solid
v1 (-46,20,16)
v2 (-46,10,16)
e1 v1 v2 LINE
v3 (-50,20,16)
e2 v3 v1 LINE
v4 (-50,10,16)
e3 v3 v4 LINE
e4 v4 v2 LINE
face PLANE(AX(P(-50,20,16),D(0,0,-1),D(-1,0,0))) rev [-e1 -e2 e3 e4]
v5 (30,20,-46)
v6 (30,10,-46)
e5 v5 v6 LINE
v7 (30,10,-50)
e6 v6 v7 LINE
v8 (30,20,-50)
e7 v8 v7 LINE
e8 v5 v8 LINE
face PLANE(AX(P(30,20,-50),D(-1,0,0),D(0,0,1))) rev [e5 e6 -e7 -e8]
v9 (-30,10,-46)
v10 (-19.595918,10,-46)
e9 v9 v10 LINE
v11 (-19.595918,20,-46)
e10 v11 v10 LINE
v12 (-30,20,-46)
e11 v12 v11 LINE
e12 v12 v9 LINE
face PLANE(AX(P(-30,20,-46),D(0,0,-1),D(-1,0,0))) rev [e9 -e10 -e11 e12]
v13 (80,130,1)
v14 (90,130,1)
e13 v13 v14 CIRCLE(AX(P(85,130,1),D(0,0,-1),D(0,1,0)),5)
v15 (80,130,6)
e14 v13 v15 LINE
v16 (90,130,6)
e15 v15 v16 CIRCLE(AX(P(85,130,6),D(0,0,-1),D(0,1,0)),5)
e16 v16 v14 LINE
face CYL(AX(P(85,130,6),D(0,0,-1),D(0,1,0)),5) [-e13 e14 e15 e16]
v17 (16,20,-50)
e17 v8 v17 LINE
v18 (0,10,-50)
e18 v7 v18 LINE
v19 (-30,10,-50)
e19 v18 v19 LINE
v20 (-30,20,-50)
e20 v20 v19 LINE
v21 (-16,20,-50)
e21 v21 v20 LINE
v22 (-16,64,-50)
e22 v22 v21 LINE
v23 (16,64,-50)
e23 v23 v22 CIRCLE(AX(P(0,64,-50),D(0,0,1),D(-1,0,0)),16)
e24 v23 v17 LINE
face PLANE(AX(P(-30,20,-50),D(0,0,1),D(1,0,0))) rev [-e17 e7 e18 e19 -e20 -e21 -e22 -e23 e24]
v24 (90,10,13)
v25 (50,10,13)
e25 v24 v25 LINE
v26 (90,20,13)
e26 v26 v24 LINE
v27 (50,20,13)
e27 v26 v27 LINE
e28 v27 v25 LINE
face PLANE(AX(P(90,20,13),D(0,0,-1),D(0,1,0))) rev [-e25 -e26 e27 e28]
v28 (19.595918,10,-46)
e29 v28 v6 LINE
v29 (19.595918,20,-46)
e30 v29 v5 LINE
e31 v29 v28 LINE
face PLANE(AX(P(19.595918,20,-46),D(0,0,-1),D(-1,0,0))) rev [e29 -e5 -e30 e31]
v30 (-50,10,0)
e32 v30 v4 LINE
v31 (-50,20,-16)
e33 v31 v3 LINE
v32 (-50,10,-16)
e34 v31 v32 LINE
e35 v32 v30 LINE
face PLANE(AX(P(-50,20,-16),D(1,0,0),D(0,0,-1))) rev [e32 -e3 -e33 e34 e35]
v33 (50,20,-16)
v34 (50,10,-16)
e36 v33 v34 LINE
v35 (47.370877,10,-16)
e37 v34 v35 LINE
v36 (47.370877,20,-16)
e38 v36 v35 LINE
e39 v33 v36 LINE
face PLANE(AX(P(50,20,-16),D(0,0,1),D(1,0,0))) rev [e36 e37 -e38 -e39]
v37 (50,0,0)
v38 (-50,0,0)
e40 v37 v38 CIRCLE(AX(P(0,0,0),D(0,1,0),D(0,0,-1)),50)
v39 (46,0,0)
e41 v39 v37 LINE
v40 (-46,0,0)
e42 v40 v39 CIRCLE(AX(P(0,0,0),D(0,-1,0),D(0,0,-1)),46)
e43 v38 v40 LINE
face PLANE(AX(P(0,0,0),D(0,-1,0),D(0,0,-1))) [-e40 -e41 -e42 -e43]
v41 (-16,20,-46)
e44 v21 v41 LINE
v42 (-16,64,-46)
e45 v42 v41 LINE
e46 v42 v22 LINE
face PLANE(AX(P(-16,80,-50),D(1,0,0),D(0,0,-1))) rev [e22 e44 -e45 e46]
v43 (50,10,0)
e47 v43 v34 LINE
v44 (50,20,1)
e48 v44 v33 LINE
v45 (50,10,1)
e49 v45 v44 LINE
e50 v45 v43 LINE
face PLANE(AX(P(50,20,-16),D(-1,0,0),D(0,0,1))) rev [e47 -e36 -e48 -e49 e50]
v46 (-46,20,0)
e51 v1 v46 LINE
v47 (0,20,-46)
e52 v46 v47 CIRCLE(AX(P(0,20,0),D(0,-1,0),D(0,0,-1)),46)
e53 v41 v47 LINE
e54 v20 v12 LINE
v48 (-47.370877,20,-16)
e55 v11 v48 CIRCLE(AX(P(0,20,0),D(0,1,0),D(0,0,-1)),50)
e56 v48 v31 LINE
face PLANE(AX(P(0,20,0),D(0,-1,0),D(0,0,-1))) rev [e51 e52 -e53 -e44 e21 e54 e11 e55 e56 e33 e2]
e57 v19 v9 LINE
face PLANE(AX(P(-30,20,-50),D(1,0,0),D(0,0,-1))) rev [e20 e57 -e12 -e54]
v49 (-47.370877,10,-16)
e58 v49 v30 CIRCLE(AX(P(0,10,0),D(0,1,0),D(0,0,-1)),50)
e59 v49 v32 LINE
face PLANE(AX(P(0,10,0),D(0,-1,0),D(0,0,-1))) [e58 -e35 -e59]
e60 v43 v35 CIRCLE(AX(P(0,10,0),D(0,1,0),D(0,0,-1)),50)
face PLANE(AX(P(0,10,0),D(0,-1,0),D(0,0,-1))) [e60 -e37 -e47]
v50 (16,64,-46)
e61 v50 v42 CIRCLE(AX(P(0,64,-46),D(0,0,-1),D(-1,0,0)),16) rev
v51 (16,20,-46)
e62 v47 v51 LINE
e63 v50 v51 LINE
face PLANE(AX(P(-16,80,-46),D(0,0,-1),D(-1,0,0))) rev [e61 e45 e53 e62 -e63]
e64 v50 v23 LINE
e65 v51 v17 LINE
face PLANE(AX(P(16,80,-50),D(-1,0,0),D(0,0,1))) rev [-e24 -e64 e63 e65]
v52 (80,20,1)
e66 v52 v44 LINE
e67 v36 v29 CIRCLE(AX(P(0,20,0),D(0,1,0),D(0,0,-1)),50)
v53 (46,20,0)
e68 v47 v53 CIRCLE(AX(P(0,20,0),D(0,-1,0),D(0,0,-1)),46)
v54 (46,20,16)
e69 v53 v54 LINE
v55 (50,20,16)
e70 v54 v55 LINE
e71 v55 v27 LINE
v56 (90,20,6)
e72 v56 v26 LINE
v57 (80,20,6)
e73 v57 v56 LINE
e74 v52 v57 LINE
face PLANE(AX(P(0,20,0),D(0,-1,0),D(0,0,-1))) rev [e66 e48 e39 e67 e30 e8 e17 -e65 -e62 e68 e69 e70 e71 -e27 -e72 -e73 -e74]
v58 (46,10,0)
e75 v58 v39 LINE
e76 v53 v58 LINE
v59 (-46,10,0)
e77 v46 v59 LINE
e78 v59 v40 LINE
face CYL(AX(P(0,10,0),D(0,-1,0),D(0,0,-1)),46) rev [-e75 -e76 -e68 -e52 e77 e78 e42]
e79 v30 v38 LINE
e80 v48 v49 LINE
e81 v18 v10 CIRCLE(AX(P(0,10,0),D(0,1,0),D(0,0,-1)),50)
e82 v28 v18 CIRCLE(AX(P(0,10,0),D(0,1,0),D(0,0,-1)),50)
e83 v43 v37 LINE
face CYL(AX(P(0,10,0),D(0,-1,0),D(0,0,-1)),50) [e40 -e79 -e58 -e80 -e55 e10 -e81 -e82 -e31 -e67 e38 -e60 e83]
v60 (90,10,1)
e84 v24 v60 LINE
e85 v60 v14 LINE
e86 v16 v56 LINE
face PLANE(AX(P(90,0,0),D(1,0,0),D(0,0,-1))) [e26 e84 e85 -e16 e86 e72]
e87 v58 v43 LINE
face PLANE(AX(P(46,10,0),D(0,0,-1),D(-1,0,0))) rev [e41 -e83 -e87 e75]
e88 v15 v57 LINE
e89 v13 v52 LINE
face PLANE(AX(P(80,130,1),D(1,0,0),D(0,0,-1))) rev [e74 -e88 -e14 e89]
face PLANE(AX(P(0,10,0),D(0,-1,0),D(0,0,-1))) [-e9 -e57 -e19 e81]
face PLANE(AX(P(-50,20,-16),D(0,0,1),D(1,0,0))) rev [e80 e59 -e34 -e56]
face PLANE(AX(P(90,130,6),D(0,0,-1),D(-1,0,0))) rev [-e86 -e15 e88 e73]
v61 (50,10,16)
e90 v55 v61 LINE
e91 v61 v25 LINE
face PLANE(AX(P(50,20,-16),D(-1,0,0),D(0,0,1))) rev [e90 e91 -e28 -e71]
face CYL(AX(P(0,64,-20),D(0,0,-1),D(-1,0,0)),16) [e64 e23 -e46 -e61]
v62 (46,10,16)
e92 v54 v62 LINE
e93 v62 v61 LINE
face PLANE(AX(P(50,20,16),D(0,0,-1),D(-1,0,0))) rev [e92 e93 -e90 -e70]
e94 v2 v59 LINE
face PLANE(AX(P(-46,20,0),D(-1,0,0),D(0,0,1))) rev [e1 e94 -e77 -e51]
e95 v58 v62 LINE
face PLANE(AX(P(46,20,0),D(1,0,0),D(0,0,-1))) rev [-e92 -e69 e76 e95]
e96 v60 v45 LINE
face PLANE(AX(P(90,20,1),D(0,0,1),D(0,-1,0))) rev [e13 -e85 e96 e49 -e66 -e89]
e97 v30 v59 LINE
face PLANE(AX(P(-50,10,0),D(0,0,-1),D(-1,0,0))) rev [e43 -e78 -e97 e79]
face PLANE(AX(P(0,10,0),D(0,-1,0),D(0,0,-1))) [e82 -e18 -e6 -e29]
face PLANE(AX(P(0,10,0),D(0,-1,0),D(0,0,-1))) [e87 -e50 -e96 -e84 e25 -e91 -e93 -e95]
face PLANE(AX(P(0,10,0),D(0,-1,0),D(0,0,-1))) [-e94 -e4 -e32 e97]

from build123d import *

# Parameters (mm, degrees)
EXTRUDE_1_DEPTH     = 10
EXTRUDE_2_DEPTH     = 10
SKETCH_4_W          = 32
SKETCH_4_H          = 4
EXTRUDE_3_DEPTH     = 60
CUT_EXTRUDE_1_DEPTH = 30
SKETCH_6_W          = 12
SKETCH_6_H          = 10
EXTRUDE_4_DEPTH     = 40
SKETCH_7_W          = 10
SKETCH_7_H          = 5
EXTRUDE_5_DEPTH     = 110
SKETCH_8_R          = 5
EXTRUDE_6_DEPTH     = 5


with BuildPart() as part:
    # 草图1 → 凸台-拉伸1 (new body)
    with BuildSketch(Plane(origin=(0, 0, 0), x_dir=(1, 0, 0), z_dir=(0, 1, 0))):
        with BuildLine():
            Line((-50, 0), (-46, 0))
            ThreePointArc((-46, 0), (0, 46), (46, 0))
            Line((46, 0), (50, 0))
            ThreePointArc((50, 0), (0, 50), (-50, 0))
        make_face()
    extrude(amount=EXTRUDE_1_DEPTH)

    # 草图3 → 凸台-拉伸2 (add)
    with BuildSketch(Plane(origin=(0, 10, 0), x_dir=(1, 0, 0), z_dir=(0, 1, 0))):
        with BuildLine():
            Line((-50, 16), (-47.370877129, 16))
            ThreePointArc((-47.370877129, 16), (-36.689752119, 33.968545589), (-19.595917942, 46))
            Line((-19.595917942, 46), (-30, 46))
            Line((-30, 46), (-30, 50))
            Line((-30, 50), (30, 50))
            Line((30, 50), (30, 46))
            Line((30, 46), (19.595917942, 46))
            ThreePointArc((19.595917942, 46), (36.689752119, 33.968545589), (47.370877129, 16))
            Line((47.370877129, 16), (50, 16))
            Line((50, 16), (50, -16))
            Line((50, -16), (46, -16))
            Line((46, -16), (46, 0))
            ThreePointArc((46, 0), (0, 46), (-46, 0))
            Line((-46, 0), (-46, -16))
            Line((-46, -16), (-50, -16))
            Line((-50, -16), (-50, 16))
        make_face()
    extrude(amount=EXTRUDE_2_DEPTH)

    # 草图4 → 凸台-拉伸3 (add)
    with BuildSketch(Plane(origin=(0, 20, 0), x_dir=(1, 0, 0), z_dir=(0, 1, 0))):
        with Locations((0, 48)):
            Rectangle(SKETCH_4_W, SKETCH_4_H)
    extrude(amount=EXTRUDE_3_DEPTH)

    # 草图5 → 切除-拉伸1 (cut)
    with BuildSketch(Plane(origin=(0, 0, -50), x_dir=(-1, 0, 0), z_dir=(0, 0, -1))):
        with BuildLine():
            Line((-16, 64), (-16, 97.905328476))
            Line((-16, 97.905328476), (16, 97.905328476))
            Line((16, 97.905328476), (16, 64))
            ThreePointArc((16, 64), (0, 80), (-16, 64))
        make_face()
    extrude(amount=-CUT_EXTRUDE_1_DEPTH, mode=Mode.SUBTRACT)

    # 草图6 → 凸台-拉伸4 (add)
    with BuildSketch(Plane(origin=(50, 0, 0), x_dir=(0, 0, -1), z_dir=(1, 0, 0))):
        with Locations((-7, 15)):
            Rectangle(SKETCH_6_W, SKETCH_6_H)
    extrude(amount=EXTRUDE_4_DEPTH)

    # 草图7 → 凸台-拉伸5 (add)
    with BuildSketch(Plane(origin=(0, 20, 0), x_dir=(1, 0, 0), z_dir=(0, 1, 0))):
        with Locations((85, -3.5)):
            Rectangle(SKETCH_7_W, SKETCH_7_H)
    extrude(amount=EXTRUDE_5_DEPTH)

    # 草图8 → 凸台-拉伸6 (add)
    with BuildSketch(Plane(origin=(0, 0, 1), x_dir=(-1, 0, 0), z_dir=(0, 0, -1))):
        with Locations((-85, 130)):
            Circle(SKETCH_8_R)
    extrude(amount=-EXTRUDE_6_DEPTH)


solid = part.part
